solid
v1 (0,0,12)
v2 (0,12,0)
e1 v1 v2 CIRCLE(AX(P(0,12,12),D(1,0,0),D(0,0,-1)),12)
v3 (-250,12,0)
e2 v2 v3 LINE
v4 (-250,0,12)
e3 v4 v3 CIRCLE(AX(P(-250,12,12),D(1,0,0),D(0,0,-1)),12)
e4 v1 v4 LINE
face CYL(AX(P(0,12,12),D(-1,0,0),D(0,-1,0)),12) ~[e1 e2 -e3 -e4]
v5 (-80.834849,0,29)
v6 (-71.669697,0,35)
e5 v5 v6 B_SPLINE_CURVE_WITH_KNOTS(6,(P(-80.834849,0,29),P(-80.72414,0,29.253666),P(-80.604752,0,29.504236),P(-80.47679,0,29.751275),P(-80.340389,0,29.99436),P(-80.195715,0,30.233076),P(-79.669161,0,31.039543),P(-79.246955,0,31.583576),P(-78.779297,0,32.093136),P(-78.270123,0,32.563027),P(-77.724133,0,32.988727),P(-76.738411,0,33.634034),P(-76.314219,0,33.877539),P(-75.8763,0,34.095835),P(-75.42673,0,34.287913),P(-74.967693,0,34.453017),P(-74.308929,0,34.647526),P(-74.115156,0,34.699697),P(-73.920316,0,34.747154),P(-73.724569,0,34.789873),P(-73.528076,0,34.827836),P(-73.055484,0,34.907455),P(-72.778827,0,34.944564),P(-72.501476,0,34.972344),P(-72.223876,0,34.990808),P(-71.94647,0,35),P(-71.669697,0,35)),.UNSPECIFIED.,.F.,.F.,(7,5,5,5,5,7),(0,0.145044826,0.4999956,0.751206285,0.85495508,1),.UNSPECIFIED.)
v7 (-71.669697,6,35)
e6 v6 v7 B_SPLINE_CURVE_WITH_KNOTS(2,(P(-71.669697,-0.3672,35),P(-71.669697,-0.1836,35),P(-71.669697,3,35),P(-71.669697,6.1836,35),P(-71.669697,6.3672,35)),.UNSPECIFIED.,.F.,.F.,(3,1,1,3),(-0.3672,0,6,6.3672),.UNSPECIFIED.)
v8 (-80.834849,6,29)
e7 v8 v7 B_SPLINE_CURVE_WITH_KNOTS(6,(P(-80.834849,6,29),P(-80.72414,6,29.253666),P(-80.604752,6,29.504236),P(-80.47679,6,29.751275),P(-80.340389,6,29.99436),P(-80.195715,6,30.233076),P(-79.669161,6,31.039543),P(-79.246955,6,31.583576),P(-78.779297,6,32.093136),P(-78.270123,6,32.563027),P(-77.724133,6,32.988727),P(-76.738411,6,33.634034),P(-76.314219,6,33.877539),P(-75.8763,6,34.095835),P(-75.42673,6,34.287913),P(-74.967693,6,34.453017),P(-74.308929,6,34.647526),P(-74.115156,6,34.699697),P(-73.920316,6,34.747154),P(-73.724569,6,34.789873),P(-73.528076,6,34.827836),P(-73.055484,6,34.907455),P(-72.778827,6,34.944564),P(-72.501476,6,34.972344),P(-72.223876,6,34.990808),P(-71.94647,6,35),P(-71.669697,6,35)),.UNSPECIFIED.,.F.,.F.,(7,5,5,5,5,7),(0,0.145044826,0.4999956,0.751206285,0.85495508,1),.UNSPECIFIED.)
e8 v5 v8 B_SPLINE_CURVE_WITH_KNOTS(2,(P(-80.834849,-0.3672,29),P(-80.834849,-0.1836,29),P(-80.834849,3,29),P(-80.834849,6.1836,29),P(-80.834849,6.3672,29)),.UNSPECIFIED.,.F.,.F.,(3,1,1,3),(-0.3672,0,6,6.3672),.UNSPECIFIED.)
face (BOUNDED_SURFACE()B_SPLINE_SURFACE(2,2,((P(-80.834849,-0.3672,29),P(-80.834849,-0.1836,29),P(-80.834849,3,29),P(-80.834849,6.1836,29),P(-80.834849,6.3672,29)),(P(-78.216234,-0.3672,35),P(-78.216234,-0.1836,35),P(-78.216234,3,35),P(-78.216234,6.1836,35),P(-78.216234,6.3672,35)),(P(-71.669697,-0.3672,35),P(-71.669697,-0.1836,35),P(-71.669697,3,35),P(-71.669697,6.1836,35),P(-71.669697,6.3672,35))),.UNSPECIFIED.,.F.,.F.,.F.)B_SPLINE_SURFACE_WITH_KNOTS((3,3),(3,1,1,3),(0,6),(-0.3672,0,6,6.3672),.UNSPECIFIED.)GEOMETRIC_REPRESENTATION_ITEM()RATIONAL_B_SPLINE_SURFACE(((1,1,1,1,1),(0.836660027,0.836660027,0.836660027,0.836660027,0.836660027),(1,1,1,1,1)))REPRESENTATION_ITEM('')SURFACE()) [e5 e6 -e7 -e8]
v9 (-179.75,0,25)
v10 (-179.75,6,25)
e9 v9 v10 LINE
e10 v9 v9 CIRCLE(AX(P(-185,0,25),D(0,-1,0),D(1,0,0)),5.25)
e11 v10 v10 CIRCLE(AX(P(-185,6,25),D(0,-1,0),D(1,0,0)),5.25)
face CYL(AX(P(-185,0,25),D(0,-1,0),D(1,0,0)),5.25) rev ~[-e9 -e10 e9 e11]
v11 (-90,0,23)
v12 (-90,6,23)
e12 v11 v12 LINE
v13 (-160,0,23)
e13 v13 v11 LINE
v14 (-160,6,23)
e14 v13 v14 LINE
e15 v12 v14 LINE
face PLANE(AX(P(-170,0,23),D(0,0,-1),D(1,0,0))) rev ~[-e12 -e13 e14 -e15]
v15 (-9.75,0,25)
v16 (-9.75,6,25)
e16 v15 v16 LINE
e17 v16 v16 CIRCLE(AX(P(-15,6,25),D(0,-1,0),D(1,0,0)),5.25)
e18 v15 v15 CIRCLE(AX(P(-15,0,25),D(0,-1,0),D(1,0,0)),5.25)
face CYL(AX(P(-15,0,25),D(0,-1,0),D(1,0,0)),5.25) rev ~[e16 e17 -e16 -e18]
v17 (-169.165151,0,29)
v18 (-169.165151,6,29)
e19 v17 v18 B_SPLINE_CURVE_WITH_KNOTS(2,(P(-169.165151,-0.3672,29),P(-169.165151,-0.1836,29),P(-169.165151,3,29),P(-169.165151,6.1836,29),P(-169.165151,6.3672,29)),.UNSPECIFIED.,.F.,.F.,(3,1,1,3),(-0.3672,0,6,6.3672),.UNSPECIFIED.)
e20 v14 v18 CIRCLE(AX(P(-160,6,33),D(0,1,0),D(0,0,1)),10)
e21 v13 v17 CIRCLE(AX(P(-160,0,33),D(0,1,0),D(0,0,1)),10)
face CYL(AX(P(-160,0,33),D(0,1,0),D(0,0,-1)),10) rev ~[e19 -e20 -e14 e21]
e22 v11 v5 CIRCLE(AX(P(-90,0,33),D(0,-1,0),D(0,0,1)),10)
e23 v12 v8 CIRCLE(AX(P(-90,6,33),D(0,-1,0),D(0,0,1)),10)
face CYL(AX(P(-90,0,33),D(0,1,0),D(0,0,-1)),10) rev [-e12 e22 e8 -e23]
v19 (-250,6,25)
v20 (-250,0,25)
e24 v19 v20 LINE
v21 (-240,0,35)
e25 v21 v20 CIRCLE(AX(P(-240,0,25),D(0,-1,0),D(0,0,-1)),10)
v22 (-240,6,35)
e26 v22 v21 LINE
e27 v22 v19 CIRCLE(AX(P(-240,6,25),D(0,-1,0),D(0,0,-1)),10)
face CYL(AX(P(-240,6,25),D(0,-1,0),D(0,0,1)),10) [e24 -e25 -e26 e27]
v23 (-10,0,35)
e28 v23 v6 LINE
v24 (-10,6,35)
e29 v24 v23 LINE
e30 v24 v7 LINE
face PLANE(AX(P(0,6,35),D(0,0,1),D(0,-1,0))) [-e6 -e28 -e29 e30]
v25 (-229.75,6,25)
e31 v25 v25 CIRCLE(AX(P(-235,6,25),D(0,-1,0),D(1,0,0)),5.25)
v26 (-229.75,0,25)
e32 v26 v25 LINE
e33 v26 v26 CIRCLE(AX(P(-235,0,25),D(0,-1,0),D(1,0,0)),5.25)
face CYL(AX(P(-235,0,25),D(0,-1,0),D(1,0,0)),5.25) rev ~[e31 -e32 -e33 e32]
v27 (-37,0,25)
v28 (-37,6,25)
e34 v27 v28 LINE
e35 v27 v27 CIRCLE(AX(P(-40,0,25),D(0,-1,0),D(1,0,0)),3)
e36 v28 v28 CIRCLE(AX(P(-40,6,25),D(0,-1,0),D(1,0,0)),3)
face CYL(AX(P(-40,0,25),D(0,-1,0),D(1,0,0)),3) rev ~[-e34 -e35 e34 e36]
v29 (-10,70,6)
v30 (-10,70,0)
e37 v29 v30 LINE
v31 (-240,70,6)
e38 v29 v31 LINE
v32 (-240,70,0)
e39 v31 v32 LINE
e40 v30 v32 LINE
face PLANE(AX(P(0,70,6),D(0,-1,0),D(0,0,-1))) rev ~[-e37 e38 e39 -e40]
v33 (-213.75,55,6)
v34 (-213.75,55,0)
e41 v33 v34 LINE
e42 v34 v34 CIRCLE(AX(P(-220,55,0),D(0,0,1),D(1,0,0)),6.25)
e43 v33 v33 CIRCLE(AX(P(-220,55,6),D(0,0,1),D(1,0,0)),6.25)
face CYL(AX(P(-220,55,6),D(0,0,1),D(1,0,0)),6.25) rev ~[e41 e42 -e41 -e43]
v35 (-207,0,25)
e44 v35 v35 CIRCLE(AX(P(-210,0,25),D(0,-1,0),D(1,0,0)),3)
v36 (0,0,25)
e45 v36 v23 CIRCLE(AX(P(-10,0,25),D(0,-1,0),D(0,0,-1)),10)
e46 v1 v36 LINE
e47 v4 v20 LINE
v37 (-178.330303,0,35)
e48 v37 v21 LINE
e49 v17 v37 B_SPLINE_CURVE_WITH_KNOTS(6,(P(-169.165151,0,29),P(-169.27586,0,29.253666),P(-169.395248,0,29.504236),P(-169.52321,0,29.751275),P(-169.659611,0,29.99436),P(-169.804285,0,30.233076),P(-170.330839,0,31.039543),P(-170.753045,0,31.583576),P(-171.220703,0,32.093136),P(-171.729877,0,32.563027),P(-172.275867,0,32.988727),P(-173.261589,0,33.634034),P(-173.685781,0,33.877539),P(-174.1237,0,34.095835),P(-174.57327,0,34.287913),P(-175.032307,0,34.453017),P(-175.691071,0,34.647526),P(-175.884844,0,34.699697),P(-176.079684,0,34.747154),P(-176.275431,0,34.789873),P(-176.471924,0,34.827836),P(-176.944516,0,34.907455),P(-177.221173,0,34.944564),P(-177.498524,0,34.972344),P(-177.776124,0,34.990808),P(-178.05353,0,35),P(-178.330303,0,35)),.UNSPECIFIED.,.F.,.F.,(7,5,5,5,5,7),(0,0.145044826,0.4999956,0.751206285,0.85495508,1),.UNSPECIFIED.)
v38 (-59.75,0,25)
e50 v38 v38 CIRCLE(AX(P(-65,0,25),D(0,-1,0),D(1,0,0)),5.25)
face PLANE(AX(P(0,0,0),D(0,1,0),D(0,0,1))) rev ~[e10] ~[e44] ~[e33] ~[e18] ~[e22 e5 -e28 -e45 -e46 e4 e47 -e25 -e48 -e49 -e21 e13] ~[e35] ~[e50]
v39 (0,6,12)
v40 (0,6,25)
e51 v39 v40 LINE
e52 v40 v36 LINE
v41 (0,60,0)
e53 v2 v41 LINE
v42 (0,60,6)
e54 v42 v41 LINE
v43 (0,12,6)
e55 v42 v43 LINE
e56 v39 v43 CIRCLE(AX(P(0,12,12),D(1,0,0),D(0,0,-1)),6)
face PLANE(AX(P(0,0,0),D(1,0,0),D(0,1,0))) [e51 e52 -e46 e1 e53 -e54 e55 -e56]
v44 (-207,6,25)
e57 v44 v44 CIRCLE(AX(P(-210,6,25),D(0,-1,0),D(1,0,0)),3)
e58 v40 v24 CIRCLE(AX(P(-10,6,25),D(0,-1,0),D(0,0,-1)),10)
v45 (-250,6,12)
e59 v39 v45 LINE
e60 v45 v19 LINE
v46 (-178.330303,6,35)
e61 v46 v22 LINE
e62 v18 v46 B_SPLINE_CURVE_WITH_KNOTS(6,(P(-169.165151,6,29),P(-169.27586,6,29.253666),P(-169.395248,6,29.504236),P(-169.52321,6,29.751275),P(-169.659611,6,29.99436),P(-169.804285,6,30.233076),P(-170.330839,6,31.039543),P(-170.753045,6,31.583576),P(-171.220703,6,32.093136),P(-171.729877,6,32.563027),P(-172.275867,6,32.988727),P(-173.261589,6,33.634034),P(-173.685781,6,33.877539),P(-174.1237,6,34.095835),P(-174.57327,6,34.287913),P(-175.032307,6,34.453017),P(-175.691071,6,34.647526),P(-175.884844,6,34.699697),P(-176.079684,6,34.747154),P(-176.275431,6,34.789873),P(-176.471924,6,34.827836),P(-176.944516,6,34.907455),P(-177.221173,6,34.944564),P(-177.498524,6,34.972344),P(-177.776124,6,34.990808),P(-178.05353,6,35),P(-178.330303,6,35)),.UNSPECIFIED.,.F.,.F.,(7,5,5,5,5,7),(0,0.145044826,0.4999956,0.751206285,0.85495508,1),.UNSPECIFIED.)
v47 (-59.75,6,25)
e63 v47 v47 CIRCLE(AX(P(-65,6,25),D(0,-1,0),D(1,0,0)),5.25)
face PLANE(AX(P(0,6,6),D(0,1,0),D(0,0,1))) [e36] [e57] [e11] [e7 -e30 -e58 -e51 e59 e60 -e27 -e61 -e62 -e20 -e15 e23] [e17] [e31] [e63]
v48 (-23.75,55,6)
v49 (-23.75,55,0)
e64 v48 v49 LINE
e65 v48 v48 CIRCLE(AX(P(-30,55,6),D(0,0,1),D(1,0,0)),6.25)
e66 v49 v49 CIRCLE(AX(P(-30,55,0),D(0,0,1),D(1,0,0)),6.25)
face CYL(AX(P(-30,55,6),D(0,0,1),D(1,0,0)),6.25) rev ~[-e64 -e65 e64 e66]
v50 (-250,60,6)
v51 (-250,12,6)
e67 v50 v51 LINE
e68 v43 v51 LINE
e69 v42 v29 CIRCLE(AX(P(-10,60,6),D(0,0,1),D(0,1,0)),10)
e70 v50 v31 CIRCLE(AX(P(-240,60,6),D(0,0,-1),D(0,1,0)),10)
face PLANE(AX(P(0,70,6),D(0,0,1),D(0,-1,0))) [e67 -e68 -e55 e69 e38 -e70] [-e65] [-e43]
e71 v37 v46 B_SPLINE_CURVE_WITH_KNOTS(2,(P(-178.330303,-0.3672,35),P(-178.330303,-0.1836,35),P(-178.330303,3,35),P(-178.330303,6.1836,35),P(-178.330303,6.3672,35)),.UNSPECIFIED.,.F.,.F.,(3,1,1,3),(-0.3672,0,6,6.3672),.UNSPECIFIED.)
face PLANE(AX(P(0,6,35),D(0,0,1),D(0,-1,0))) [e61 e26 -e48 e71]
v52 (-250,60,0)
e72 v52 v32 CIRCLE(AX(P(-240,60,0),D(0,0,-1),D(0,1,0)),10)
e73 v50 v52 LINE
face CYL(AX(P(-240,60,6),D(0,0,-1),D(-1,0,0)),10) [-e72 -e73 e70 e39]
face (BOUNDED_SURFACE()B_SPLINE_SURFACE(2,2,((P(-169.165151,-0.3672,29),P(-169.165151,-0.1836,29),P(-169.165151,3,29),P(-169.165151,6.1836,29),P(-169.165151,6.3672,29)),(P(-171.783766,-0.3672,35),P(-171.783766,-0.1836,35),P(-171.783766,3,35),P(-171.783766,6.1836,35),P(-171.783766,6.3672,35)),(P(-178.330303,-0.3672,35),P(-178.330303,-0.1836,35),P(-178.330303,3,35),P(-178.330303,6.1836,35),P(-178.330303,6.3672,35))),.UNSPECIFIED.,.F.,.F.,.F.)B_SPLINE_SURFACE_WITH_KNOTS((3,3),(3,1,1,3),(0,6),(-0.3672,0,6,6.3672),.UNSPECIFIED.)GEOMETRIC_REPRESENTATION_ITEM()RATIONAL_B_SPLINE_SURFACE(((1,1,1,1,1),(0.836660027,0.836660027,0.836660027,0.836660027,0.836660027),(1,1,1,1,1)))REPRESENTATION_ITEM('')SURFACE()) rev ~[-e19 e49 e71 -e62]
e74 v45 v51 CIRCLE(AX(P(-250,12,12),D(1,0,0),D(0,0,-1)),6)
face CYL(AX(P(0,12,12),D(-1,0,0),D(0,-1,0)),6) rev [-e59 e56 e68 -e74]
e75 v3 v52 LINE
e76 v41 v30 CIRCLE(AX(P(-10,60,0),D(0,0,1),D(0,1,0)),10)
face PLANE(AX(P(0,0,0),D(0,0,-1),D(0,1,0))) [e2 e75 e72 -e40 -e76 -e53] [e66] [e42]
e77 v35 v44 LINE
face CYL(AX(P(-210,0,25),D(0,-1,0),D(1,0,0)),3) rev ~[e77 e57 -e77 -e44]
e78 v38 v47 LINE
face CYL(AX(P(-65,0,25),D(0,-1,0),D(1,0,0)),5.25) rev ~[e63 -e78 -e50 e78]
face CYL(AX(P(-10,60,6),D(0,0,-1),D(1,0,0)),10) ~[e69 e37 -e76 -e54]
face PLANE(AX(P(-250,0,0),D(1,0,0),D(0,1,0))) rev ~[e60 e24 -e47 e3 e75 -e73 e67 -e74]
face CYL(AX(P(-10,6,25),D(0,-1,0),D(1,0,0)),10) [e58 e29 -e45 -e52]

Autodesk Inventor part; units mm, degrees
ref_plane "YZ Plane" through (0, 0, 0) normal (1, 0, 0) x (0, 1, 0)
ref_plane "XZ Plane" through (0, 0, 0) normal (0, 1, 0) x (-1, 0, 0)
ref_plane "XY Plane" through (0, 0, 0) normal (0, 0, 1) x (1, 0, 0)
sketch "Эскиз1" plane through (0, 0, 0) normal (1, 0, 0) x (0, 1, 0)
  line L0 (-14, 0) -> (84, 0) projected
  line L1 (0, -7) -> (0, 42) projected
  line L2 (0, 35) -> (0, 0)
  line L3 (0, 0) -> (70, 0)
  line L4 (70, 6) -> (6, 6)
  line L5 (6, 6) -> (6, 35)
  line L6 (6, 35) -> (0, 35)
  line L7 (70, 6) -> (70, 0)
  dimension "d50" = 6
  dimension "d51" = 6
  dimension "d52" = 70
  dimension "d53" = 35
extrude "Выдавливание1" add sketch "Эскиз1" against normal blind 250
fillet "Сопряжение2" radius 6 1 edges at (-125, 6, 6)
fillet "Сопряжение3" radius 12 1 edges at (-125, 0, 0)
sketch "Эскиз5" plane through (-250, 0, 35) normal (0, -1, 0) x (1, 0, 0)
  line L0 (250, 0) -> (250, -23) construction
  line L1 (0, -23) -> (0, 0) construction
  line L2 (250, 0) -> (0, 0) construction
  line L3 (0, -10) -> (250, -10) construction
  circle A0 centre (15, -10) radius 5.25
  circle A1 centre (65, -10) radius 5.25
  circle A2 centre (235, -10) radius 5.25
  circle A3 centre (185, -10) radius 5.25
  point P0 (250, -35)
  dimension "d56" = 10
  dimension "d57" = 15
  dimension "d58" = 50
  dimension "d59" = 220
  dimension "d60" = 50
  dimension "d61" = 10.5
extrude "Выдавливание3" cut sketch "Эскиз5" against normal blind 10
fillet "Сопряжение4" radius 10 2 edges at (0, 3, 35) (-250, 3, 35)
sketch "Эскиз6" plane through (-250, 0, 12) normal (0, -1, 0) x (1, 0, 0)
  circle A0 centre (65, 13) radius 5.25 construction
  circle A1 centre (185, 13) radius 5.25 construction
  line L0 (240, 23) -> (10, 23) construction
  line L1 (80, 23) -> (80, 11)
  line L2 (80, 11) -> (170, 11)
  line L3 (170, 11) -> (170, 23)
  line L4 (80, 23) -> (170, 23)
  point P0 (250, -12)
  dimension "d65" = 15
  dimension "d66" = 15
  dimension "d67" = 12
extrude "Выдавливание4" cut sketch "Эскиз6" against normal blind 10
fillet "Сопряжение5" radius 10 4 edges at (-170, 3, 23) (-80, 3, 23) (-170, 3, 35) (-80, 3, 35)
fillet "Сопряжение6" radius 10 2 edges at (0, 70, 3) (-250, 70, 3)
sketch "Эскиз7" plane through (-250, 12, 6) normal (0, 0, 1) x (1, 0, 0)
  line L0 (240, -12) -> (178.3303, -12) construction
  circle A0 centre (220, 43) radius 6.25
  circle A1 centre (30, 43) radius 6.25
  line L1 (250, 48) -> (250, 0) construction
  line L2 (0, 0) -> (0, 48) construction
  point P0 (250, -12)
  dimension "d72" = 55
  dimension "d73" = 12.5
  dimension "d74" = 30
  dimension "d75" = 30
  dimension "d76" = 55
extrude "Выдавливание5" cut sketch "Эскиз7" against normal blind 10
sketch "Эскиз8" plane through (-250, 0, 12) normal (0, -1, 0) x (1, 0, 0)
  circle A0 centre (15, 13) radius 5.25 construction
  circle A1 centre (65, 13) radius 5.25 construction
  circle A2 centre (235, 13) radius 5.25 construction
  line L0 (15, 13) -> (65, 13) construction
  line L1 (185, 13) -> (235, 13) construction
  circle A3 centre (40, 13) radius 3
  circle A4 centre (210, 13) radius 3
  point P0 (250, -12)
  dimension "d79" = 25
  dimension "d80" = 6
  dimension "d81" = 6
  dimension "d82" = 25
extrude "Выдавливание6" cut sketch "Эскиз8" against normal blind 10
properties part number "ОПОРА_05"
